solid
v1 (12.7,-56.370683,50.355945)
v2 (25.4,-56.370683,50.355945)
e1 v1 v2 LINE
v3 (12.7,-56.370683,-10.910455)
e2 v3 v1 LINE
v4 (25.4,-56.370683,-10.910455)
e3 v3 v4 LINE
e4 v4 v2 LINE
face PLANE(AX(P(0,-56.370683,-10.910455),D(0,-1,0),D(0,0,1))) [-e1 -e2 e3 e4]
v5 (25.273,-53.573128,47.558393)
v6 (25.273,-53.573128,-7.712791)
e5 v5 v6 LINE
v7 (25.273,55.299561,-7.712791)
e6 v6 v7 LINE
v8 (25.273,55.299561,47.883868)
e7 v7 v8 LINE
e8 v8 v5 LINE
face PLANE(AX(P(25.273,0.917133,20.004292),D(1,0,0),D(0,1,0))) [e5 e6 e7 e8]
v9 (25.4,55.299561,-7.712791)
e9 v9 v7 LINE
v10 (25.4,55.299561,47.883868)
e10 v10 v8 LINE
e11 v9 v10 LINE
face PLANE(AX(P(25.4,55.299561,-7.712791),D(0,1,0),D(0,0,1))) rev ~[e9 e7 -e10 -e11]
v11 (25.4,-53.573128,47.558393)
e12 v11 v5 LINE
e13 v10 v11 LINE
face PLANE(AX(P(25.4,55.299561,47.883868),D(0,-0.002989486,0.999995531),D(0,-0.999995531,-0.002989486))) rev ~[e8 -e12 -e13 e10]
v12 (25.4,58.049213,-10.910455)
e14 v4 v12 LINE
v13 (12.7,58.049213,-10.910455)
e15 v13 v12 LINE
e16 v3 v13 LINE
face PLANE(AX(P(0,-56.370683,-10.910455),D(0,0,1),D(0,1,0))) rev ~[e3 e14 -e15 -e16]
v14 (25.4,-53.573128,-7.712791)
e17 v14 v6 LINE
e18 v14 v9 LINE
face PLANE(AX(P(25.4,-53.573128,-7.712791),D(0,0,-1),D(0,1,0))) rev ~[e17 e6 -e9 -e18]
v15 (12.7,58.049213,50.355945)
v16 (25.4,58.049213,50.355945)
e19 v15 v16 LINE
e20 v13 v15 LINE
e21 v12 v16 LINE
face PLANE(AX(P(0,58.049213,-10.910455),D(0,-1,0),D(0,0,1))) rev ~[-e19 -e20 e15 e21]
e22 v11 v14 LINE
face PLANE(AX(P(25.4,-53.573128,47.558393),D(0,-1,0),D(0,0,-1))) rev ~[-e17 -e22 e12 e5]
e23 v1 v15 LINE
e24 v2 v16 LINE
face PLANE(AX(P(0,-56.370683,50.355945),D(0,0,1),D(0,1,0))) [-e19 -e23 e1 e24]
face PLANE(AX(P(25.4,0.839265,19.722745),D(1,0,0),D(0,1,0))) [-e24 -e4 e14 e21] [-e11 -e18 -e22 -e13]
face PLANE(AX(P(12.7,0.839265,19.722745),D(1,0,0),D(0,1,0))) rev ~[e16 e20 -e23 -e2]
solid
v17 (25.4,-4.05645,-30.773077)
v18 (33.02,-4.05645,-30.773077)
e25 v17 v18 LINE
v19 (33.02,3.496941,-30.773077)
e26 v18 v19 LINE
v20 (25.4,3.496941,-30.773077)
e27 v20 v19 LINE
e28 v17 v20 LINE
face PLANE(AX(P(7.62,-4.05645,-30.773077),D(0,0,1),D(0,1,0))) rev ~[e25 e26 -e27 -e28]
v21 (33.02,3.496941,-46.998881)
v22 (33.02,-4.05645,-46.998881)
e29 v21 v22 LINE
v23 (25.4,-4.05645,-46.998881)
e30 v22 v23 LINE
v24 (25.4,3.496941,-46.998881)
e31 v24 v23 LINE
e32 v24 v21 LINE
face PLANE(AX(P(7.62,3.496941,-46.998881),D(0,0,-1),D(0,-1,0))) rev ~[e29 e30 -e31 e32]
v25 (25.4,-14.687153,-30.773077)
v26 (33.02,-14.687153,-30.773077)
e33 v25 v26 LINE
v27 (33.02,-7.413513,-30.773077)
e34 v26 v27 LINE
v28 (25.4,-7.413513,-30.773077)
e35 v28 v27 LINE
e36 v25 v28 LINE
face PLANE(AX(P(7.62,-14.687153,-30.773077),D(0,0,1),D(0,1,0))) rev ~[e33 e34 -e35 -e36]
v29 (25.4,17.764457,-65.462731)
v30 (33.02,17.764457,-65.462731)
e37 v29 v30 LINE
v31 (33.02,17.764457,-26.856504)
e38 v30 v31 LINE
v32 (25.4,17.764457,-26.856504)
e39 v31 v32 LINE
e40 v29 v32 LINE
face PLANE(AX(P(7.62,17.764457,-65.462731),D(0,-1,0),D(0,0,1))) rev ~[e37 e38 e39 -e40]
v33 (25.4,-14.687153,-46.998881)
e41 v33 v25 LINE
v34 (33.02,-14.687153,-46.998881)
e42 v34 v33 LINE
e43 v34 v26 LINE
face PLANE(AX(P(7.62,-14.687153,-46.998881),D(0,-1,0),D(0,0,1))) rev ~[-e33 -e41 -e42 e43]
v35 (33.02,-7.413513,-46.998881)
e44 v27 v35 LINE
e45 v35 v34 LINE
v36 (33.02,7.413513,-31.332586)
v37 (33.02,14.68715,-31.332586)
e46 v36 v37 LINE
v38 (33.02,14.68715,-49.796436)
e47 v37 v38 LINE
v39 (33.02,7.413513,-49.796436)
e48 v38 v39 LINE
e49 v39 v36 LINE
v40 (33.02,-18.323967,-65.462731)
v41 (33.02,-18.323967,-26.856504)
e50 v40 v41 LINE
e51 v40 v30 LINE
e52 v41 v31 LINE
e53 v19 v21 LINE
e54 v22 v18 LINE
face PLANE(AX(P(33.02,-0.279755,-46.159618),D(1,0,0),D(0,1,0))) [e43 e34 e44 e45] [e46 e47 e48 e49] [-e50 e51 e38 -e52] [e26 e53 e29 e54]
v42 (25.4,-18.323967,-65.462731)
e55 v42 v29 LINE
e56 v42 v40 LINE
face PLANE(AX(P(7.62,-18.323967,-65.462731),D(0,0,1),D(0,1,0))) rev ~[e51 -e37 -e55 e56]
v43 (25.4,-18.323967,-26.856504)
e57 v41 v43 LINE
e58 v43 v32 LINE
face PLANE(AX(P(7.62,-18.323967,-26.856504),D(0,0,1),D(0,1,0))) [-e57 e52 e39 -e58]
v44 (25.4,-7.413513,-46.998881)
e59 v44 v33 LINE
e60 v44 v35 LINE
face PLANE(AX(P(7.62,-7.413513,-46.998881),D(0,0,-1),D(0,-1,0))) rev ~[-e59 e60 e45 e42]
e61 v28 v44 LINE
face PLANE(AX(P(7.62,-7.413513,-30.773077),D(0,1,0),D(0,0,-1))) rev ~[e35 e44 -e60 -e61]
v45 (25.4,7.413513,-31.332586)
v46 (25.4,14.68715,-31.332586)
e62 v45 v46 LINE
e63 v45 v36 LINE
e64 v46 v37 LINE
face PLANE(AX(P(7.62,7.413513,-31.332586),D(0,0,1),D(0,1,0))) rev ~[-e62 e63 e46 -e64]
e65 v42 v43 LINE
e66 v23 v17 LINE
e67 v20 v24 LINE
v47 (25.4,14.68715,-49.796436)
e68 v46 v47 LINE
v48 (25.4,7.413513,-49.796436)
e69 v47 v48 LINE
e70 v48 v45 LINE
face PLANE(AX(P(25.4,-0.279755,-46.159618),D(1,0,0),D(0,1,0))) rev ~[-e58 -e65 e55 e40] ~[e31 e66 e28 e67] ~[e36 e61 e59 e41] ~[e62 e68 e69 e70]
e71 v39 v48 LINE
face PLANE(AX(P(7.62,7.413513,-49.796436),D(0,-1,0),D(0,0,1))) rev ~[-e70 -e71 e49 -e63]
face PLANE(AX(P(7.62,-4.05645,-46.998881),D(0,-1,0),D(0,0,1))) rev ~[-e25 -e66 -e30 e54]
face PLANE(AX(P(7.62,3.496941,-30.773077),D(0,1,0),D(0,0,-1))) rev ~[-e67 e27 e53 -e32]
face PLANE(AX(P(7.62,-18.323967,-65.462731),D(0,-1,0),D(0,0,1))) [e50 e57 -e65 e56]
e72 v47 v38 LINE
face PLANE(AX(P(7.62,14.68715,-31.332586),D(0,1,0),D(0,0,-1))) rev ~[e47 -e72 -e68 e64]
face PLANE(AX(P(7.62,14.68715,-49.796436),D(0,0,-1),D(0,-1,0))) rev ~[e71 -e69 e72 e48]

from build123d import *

# Parameters (mm, degrees)
F0_W     = 114.4198961556
F0_H     = 61.26639992
F1_DEPTH = 25.4
F2_DEPTH = 12.7
F3_W     = 36.0884238034
F3_H     = 38.6062264442
F4_DEPTH = 7.62
F5_DEPTH = 25.4
F6_DEPTH = 25.4
F8_DEPTH = 0.127


with BuildPart() as f1:
    # F0 (on Right) → F1 (new body)
    with BuildSketch(Plane.YZ):
        with Locations((0.8392650634, 19.7227448225)):
            Rectangle(F0_W, F0_H)
    extrude(amount=F1_DEPTH)

    # F2 (cut): a face of the model
    f2_faces = [f1.faces().sort_by_distance(p)[0] for p in [
        (0, 0.8392650634, 19.7227448225),
    ]]
    extrude(f2_faces, amount=-F2_DEPTH, mode=Mode.SUBTRACT)

    # F7 (on face) → F8 (cut)
    with BuildSketch(Plane.YZ.offset(25.4)):
        Polygon((55.2995614707, 47.8838682175), (-53.573127836, 47.5583933294), (-53.573127836, -7.7127907425), (55.2995614707, -7.7127907425), align=None)
    extrude(amount=-F8_DEPTH, mode=Mode.SUBTRACT)


with BuildPart() as f4:
    # F3 (on Right) → F4 (new body)
    with BuildSketch(Plane.YZ):
        with Locations((-0.2797553316, -46.1596176028)):
            Rectangle(F3_W, F3_H)
        Polygon((-14.6871525794, -30.7730771601), (-7.4135130271, -30.7730771601), (-7.4135130271, -46.9988808036), (-11.0503328033, -46.9988808036), (-14.6871525794, -46.9988808036), align=None, mode=Mode.SUBTRACT)
        Polygon((-4.0564504452, -30.7730771601), (3.496941179, -30.7730771601), (3.496941179, -46.9988808036), (0, -46.9988808036), (-4.0564504452, -46.9988808036), align=None, mode=Mode.SUBTRACT)
        Polygon((7.4135130271, -31.3325859606), (14.6871497855, -31.3325859606), (14.6871497855, -49.796435982), (11.0503314063, -49.796435982), (7.4135130271, -49.796435982), align=None, mode=Mode.SUBTRACT)
    extrude(amount=F4_DEPTH)

    # F5 (add): a face of the model
    f5_faces = [f4.faces().sort_by_distance(p)[0] for p in [
        (7.62, -0.5257127517, -48.6158408986),
    ]]
    extrude(f5_faces, amount=F5_DEPTH)

    # F6 (cut): a face of the model
    f6_faces = [f4.faces().sort_by_distance(p)[0] for p in [
        (0, -0.5257127517, -48.6158408986),
    ]]
    extrude(f6_faces, amount=-F6_DEPTH, mode=Mode.SUBTRACT)


solid = Compound([f1.part, f4.part])
